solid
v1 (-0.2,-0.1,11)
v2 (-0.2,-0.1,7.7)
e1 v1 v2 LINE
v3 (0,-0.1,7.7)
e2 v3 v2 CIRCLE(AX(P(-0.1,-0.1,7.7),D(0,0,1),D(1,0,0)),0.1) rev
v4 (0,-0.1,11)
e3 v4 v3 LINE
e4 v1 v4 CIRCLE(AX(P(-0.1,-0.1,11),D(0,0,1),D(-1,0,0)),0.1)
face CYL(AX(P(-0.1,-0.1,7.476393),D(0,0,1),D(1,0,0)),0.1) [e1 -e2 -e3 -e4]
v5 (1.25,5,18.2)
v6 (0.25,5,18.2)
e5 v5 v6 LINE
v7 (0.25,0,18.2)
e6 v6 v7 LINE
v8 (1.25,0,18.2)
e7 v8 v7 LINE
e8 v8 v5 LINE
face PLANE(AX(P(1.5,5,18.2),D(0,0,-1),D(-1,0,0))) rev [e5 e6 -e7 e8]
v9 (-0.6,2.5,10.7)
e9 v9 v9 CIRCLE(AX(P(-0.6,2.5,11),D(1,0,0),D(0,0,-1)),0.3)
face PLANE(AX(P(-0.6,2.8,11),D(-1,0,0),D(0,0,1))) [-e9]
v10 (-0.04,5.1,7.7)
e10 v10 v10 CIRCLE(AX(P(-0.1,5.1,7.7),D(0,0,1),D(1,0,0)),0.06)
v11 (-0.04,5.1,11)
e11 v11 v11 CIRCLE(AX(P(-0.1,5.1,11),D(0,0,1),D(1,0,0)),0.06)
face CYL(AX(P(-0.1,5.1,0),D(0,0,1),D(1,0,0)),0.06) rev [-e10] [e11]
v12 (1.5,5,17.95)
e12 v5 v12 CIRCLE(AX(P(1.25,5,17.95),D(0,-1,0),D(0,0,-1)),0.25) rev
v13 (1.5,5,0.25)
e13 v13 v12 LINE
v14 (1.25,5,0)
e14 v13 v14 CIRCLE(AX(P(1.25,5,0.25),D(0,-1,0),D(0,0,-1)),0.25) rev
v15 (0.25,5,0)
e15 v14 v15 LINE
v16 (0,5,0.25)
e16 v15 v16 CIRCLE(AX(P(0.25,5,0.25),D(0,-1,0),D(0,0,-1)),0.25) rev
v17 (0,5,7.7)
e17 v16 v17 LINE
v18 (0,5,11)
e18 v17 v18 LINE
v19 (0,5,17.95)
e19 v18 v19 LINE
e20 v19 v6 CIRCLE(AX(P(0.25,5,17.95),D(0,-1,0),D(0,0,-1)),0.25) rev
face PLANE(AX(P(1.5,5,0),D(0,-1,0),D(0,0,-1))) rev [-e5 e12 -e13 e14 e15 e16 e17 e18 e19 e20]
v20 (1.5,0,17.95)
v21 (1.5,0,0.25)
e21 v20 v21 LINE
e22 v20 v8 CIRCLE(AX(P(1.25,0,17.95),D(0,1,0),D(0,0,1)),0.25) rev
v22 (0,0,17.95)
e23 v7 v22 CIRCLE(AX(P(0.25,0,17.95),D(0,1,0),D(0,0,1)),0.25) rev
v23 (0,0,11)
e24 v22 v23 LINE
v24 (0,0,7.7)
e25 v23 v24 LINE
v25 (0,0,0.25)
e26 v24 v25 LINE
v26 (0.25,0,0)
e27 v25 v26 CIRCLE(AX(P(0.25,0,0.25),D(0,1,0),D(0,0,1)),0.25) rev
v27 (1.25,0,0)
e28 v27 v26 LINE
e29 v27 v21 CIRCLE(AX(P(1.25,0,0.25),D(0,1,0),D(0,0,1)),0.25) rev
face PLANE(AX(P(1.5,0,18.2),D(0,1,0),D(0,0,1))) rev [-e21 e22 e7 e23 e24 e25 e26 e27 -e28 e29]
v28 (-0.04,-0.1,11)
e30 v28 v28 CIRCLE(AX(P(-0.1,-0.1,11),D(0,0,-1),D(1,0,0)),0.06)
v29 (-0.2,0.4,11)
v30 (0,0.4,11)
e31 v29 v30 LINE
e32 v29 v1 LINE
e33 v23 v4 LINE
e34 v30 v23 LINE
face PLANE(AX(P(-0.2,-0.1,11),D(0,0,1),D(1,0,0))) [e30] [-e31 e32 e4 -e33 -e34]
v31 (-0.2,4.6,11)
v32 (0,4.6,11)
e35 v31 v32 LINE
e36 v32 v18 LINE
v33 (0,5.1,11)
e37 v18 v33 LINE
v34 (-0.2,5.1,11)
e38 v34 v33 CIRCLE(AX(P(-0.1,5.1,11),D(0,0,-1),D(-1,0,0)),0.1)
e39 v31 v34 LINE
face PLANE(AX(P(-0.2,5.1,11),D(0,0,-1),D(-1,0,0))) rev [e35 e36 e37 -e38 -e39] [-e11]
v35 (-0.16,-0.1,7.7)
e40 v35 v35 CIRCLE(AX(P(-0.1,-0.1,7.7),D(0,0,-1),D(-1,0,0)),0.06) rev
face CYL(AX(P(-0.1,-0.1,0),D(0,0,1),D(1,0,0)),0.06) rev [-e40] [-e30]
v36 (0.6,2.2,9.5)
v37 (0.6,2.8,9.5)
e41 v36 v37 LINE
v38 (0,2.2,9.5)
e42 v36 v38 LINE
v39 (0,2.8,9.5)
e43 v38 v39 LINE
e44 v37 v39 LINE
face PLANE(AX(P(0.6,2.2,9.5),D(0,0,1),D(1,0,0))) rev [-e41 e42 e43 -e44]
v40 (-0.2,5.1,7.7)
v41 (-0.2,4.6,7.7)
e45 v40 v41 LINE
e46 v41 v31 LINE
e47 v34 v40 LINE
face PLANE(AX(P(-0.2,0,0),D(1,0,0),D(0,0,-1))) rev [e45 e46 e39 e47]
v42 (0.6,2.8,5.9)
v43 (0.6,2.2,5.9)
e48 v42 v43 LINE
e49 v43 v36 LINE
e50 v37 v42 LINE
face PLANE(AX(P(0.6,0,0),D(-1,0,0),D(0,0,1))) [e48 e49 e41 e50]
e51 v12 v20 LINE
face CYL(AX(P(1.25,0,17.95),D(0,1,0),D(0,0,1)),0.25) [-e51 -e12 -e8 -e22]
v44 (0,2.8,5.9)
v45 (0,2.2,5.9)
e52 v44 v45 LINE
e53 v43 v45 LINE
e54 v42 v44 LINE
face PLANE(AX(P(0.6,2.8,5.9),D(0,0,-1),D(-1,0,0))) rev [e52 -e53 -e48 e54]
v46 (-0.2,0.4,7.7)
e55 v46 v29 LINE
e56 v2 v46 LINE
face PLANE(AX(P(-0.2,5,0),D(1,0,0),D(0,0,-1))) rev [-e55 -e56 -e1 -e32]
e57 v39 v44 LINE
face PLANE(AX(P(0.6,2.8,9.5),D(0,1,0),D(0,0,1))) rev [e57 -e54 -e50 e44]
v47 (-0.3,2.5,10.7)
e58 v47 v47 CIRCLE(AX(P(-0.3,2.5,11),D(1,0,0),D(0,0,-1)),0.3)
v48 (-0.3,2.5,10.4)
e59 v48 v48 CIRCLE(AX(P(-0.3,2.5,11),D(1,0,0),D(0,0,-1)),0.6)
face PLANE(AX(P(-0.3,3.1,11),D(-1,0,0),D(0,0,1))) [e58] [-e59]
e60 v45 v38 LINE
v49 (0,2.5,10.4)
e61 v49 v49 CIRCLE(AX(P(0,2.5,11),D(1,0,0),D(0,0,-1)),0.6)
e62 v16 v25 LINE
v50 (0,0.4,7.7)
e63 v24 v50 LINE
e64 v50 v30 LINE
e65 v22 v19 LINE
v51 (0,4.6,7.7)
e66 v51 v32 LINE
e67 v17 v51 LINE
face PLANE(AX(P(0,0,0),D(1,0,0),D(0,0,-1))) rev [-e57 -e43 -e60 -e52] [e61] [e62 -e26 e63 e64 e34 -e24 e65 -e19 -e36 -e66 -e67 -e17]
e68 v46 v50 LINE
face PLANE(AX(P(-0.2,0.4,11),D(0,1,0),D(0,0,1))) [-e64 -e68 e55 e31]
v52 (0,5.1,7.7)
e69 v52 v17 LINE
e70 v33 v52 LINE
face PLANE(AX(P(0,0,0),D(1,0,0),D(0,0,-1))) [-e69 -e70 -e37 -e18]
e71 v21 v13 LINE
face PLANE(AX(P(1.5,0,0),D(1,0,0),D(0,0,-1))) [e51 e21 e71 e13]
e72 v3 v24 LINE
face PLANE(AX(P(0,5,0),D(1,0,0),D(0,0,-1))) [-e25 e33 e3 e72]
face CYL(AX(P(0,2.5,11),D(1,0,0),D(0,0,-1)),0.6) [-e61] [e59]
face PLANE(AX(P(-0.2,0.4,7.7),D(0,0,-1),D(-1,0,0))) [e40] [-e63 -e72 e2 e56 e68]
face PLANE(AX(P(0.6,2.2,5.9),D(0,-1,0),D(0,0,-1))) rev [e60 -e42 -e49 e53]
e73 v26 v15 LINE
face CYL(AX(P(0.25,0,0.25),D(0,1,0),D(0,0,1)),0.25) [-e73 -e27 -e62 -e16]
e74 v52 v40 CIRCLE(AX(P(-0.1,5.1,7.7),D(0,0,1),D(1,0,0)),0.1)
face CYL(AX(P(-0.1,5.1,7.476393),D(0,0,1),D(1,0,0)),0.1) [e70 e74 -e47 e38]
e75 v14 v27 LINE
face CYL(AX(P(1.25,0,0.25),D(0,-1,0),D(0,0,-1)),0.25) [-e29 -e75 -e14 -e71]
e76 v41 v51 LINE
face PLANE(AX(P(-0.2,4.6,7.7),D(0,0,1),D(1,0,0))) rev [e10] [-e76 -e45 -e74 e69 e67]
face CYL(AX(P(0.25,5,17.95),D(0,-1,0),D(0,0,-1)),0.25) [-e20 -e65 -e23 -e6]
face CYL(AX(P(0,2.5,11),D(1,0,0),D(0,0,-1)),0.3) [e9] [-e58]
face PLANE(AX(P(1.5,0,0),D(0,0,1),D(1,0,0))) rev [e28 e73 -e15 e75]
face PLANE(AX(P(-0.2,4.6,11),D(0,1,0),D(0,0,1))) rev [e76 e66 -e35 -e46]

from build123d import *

# Parameters (mm, degrees)
SKETCH2_W           = 18.2
SKETCH2_H           = 5
BOSS_EXTRUDE1_DEPTH = 1.5
SKETCH4_W           = 3.6
SKETCH4_H           = 0.6
CUT_EXTRUDE1_DEPTH  = 0.6
SKETCH5_W           = 3.3
SKETCH5_H           = 0.5
BOSS_EXTRUDE2_DEPTH = 0.2
BOSS_EXTRUDE5_DEPTH = 3.3
SKETCH9_R           = 0.06
CUT_EXTRUDE5_DEPTH  = 12
FILLET1_R           = 0.25


with BuildPart() as part:
    # Sketch2 → Boss-Extrude1 (new body)
    with BuildSketch(Plane(origin=(0, 0, 0), x_dir=(0, 0, -1), z_dir=(1, 0, 0))):
        with Locations((-9.1, 2.5)):
            Rectangle(SKETCH2_W, SKETCH2_H)
    extrude(amount=BOSS_EXTRUDE1_DEPTH)

    # Sketch3 → Revolve1 (revolve)
    with BuildSketch(Plane.XY.offset(11)):
        Polygon((0, 2.5), (0, 3.1), (-0.3, 3.1), (-0.3, 2.8), (-0.6, 2.8), (-0.6, 2.5), align=None)
    revolve(axis=Axis((0, 2.5, 11), (-1, 0, 0)))

    # Sketch4 → Cut-Extrude1 (cut)
    with BuildSketch(Plane.ZY):
        with Locations((7.7, 2.5)):
            Rectangle(SKETCH4_W, SKETCH4_H)
    extrude(amount=-CUT_EXTRUDE1_DEPTH, mode=Mode.SUBTRACT)

    # Sketch5 → Boss-Extrude2 (add)
    with BuildSketch(Plane.ZY):
        with Locations((9.35, 4.85)):
            Rectangle(SKETCH5_W, SKETCH5_H)
    boss_extrude2 = extrude(amount=BOSS_EXTRUDE2_DEPTH)

    # Sketch6 → Boss-Extrude5 (add)
    with BuildSketch(Plane.XY.offset(11)):
        with BuildLine():
            Line((-0.2, 5.1), (0, 5.1))
            ThreePointArc((0, 5.1), (-0.1, 5.2), (-0.2, 5.1))
        make_face()
    boss_extrude5 = extrude(amount=-BOSS_EXTRUDE5_DEPTH)

    # Sketch9 → Cut-Extrude5 (cut, through all)
    with BuildSketch(Plane.XY.offset(11)):
        with Locations((-0.1, 5.1)):
            Circle(SKETCH9_R)
    cut_extrude5 = extrude(amount=-CUT_EXTRUDE5_DEPTH, mode=Mode.SUBTRACT)

    # Mirror8: Boss-Extrude2, Boss-Extrude5, Cut-Extrude5 across plane
    add(boss_extrude2.mirror(Plane.ZX.offset(2.5)))
    add(boss_extrude5.mirror(Plane.ZX.offset(2.5)))
    add(cut_extrude5.mirror(Plane.ZX.offset(2.5)), mode=Mode.SUBTRACT)

    # Fillet1
    fillet1_edges = [part.edges().sort_by_distance(p)[0] for p in [
        (1.5, 2.5, 18.2),
        (0, 2.5, 18.2),
        (0, 2.5, 0),
        (1.5, 2.5, 0),
    ]]
    fillet(fillet1_edges, radius=FILLET1_R)


solid = part.part
